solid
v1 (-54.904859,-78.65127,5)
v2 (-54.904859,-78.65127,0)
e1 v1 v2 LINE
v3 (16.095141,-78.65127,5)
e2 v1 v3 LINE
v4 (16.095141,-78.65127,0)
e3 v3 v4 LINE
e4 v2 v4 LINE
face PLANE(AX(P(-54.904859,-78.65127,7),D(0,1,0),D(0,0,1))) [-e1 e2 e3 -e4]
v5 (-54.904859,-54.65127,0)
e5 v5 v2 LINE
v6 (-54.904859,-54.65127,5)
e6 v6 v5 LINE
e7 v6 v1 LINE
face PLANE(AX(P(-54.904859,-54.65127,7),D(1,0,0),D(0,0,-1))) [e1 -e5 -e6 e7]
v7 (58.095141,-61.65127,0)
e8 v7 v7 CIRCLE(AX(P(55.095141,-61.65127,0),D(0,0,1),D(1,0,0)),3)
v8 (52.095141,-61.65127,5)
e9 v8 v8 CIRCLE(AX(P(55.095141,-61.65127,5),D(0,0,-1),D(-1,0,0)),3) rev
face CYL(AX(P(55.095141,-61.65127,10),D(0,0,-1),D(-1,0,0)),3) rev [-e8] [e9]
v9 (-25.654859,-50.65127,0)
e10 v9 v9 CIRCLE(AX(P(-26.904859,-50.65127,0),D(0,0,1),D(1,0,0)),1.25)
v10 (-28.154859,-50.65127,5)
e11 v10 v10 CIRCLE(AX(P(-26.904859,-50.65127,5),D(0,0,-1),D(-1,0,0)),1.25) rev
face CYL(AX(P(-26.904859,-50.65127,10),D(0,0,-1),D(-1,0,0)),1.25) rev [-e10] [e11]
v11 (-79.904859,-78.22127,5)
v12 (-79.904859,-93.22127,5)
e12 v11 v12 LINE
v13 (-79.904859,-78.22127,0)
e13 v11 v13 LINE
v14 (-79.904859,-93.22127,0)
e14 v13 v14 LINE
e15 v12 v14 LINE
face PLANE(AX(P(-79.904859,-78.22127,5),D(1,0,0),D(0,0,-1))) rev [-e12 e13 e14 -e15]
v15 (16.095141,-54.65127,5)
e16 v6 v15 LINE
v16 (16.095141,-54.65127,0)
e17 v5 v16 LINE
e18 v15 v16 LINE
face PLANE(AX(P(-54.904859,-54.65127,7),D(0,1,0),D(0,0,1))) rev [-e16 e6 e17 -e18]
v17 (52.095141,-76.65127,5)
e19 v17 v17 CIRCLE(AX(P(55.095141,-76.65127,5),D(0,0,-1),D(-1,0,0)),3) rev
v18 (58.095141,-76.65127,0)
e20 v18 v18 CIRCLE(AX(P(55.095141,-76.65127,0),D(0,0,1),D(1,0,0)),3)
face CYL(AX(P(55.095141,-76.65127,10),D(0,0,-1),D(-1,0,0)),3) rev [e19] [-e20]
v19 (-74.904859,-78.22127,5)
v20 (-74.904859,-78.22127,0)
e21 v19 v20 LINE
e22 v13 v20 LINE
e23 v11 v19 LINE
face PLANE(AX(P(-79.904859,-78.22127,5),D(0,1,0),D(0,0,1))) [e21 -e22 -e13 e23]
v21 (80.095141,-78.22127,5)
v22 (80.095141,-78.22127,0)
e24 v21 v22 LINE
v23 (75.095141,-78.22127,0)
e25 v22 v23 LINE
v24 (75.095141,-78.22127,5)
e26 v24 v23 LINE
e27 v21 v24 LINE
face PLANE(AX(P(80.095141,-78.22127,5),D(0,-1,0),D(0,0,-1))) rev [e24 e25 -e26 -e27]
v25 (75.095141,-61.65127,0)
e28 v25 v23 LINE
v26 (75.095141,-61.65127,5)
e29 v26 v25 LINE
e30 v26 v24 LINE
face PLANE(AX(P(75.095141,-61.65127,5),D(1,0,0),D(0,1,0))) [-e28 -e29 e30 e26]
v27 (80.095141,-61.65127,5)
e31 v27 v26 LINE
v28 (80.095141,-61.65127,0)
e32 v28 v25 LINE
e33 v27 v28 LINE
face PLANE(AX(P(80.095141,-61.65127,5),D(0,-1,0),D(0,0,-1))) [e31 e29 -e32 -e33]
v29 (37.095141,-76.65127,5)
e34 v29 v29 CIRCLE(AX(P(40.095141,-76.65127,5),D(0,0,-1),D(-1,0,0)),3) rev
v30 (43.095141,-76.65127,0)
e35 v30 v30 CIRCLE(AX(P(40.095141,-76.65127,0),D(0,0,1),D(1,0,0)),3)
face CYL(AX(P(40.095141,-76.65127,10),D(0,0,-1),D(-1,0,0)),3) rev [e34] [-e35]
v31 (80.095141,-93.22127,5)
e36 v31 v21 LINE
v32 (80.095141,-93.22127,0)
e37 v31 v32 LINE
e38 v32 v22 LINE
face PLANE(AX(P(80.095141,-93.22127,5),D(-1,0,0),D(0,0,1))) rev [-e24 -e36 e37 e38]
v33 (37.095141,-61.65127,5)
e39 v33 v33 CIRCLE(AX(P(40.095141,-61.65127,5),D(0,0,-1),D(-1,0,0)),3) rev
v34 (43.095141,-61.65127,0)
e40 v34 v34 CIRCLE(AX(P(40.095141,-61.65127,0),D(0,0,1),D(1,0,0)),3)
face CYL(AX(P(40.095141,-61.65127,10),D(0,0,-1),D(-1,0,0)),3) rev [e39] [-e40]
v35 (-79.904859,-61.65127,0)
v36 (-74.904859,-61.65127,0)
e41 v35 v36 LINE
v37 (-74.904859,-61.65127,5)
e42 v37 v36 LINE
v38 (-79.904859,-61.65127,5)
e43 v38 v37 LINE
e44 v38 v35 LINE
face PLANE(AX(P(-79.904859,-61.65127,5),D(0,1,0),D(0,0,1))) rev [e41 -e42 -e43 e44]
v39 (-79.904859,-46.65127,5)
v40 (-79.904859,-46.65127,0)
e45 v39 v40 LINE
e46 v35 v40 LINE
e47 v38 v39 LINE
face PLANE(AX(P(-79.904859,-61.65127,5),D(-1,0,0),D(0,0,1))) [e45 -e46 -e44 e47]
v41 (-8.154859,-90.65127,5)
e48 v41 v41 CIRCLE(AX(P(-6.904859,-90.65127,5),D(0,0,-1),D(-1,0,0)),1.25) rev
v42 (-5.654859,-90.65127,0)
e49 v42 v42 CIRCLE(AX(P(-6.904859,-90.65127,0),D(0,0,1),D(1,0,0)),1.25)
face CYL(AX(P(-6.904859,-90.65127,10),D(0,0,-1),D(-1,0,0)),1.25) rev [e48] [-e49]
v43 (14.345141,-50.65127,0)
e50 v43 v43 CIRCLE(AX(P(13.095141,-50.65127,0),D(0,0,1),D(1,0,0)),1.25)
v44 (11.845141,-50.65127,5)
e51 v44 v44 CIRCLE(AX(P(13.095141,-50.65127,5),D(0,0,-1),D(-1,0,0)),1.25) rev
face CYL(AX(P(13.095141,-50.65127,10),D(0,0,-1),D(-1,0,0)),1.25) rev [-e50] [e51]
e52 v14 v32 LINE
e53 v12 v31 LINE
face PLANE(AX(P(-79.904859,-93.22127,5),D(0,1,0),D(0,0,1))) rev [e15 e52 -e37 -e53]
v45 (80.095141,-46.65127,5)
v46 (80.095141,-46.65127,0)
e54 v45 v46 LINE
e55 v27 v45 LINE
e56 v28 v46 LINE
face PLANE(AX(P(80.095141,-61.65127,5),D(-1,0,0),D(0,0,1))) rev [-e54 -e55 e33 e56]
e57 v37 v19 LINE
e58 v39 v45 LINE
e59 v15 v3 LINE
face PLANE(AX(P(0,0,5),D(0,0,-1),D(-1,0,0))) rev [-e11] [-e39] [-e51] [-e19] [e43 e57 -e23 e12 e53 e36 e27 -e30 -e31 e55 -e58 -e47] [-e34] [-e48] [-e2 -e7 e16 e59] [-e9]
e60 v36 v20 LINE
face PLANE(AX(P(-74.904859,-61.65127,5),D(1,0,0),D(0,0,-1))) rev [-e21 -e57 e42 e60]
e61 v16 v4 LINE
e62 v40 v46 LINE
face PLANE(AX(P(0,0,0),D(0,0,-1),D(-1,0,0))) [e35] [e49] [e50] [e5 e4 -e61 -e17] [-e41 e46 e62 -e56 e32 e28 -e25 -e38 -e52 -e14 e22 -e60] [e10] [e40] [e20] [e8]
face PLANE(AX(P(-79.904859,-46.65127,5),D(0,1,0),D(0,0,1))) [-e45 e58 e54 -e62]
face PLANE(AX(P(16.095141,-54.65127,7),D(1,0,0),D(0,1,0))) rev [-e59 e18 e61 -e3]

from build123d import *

# Parameters (mm, degrees)
BOSS_EXTRU_2_DEPTH      = 5
ESQUISSE1_4_W           = 71
ESQUISSE1_4_H           = 24
ENL_V_MAT_EXTRU_2_DEPTH = 7
ESQUISSE1_5_R           = 3
ESQUISSE1_5_R_2         = 1.25
ENL_V_MAT_EXTRU_3_DEPTH = 10


with BuildPart() as part:
    # Esquisse1 → Boss.-Extru.2 (new body)
    with BuildSketch(Plane.XY):
        Polygon((-79.904859092, -61.651270208), (-79.904859092, -46.651270208), (80.095140908, -46.651270208), (80.095140908, -61.651270208), (75.095140908, -61.651270208), (75.095140908, -78.221270208), (80.095140908, -78.221270208), (80.095140908, -93.221270208), (-79.904859092, -93.221270208), (-79.904859092, -78.221270208), (-74.904859092, -78.221270208), (-74.904859092, -61.651270208), align=None)
    extrude(amount=BOSS_EXTRU_2_DEPTH)

    # Esquisse1<4> → Enlèv. mat.-Extru.2 (cut)
    with BuildSketch(Plane.XY):
        with Locations((-19.404859092, -66.651270208)):
            Rectangle(ESQUISSE1_4_W, ESQUISSE1_4_H)
    extrude(amount=ENL_V_MAT_EXTRU_2_DEPTH, mode=Mode.SUBTRACT)

    # Esquisse1<5> → Enlèv. mat.-Extru.3 (cut)
    with BuildSketch(Plane.XY):
        with Locations((40.095140908, -61.651270208)):
            Circle(ESQUISSE1_5_R)
        with Locations((40.095140908, -76.651270208)):
            Circle(ESQUISSE1_5_R)
        with Locations((55.095140908, -61.651270208)):
            Circle(ESQUISSE1_5_R)
        with Locations((55.095140908, -76.651270208)):
            Circle(ESQUISSE1_5_R)
        with Locations((13.095140908, -50.651270208)):
            Circle(ESQUISSE1_5_R_2)
        with Locations((-26.904859092, -50.651270208)):
            Circle(ESQUISSE1_5_R_2)
        with Locations((-6.904859092, -90.651270208)):
            Circle(ESQUISSE1_5_R_2)
    extrude(amount=ENL_V_MAT_EXTRU_3_DEPTH, mode=Mode.SUBTRACT)


solid = part.part
